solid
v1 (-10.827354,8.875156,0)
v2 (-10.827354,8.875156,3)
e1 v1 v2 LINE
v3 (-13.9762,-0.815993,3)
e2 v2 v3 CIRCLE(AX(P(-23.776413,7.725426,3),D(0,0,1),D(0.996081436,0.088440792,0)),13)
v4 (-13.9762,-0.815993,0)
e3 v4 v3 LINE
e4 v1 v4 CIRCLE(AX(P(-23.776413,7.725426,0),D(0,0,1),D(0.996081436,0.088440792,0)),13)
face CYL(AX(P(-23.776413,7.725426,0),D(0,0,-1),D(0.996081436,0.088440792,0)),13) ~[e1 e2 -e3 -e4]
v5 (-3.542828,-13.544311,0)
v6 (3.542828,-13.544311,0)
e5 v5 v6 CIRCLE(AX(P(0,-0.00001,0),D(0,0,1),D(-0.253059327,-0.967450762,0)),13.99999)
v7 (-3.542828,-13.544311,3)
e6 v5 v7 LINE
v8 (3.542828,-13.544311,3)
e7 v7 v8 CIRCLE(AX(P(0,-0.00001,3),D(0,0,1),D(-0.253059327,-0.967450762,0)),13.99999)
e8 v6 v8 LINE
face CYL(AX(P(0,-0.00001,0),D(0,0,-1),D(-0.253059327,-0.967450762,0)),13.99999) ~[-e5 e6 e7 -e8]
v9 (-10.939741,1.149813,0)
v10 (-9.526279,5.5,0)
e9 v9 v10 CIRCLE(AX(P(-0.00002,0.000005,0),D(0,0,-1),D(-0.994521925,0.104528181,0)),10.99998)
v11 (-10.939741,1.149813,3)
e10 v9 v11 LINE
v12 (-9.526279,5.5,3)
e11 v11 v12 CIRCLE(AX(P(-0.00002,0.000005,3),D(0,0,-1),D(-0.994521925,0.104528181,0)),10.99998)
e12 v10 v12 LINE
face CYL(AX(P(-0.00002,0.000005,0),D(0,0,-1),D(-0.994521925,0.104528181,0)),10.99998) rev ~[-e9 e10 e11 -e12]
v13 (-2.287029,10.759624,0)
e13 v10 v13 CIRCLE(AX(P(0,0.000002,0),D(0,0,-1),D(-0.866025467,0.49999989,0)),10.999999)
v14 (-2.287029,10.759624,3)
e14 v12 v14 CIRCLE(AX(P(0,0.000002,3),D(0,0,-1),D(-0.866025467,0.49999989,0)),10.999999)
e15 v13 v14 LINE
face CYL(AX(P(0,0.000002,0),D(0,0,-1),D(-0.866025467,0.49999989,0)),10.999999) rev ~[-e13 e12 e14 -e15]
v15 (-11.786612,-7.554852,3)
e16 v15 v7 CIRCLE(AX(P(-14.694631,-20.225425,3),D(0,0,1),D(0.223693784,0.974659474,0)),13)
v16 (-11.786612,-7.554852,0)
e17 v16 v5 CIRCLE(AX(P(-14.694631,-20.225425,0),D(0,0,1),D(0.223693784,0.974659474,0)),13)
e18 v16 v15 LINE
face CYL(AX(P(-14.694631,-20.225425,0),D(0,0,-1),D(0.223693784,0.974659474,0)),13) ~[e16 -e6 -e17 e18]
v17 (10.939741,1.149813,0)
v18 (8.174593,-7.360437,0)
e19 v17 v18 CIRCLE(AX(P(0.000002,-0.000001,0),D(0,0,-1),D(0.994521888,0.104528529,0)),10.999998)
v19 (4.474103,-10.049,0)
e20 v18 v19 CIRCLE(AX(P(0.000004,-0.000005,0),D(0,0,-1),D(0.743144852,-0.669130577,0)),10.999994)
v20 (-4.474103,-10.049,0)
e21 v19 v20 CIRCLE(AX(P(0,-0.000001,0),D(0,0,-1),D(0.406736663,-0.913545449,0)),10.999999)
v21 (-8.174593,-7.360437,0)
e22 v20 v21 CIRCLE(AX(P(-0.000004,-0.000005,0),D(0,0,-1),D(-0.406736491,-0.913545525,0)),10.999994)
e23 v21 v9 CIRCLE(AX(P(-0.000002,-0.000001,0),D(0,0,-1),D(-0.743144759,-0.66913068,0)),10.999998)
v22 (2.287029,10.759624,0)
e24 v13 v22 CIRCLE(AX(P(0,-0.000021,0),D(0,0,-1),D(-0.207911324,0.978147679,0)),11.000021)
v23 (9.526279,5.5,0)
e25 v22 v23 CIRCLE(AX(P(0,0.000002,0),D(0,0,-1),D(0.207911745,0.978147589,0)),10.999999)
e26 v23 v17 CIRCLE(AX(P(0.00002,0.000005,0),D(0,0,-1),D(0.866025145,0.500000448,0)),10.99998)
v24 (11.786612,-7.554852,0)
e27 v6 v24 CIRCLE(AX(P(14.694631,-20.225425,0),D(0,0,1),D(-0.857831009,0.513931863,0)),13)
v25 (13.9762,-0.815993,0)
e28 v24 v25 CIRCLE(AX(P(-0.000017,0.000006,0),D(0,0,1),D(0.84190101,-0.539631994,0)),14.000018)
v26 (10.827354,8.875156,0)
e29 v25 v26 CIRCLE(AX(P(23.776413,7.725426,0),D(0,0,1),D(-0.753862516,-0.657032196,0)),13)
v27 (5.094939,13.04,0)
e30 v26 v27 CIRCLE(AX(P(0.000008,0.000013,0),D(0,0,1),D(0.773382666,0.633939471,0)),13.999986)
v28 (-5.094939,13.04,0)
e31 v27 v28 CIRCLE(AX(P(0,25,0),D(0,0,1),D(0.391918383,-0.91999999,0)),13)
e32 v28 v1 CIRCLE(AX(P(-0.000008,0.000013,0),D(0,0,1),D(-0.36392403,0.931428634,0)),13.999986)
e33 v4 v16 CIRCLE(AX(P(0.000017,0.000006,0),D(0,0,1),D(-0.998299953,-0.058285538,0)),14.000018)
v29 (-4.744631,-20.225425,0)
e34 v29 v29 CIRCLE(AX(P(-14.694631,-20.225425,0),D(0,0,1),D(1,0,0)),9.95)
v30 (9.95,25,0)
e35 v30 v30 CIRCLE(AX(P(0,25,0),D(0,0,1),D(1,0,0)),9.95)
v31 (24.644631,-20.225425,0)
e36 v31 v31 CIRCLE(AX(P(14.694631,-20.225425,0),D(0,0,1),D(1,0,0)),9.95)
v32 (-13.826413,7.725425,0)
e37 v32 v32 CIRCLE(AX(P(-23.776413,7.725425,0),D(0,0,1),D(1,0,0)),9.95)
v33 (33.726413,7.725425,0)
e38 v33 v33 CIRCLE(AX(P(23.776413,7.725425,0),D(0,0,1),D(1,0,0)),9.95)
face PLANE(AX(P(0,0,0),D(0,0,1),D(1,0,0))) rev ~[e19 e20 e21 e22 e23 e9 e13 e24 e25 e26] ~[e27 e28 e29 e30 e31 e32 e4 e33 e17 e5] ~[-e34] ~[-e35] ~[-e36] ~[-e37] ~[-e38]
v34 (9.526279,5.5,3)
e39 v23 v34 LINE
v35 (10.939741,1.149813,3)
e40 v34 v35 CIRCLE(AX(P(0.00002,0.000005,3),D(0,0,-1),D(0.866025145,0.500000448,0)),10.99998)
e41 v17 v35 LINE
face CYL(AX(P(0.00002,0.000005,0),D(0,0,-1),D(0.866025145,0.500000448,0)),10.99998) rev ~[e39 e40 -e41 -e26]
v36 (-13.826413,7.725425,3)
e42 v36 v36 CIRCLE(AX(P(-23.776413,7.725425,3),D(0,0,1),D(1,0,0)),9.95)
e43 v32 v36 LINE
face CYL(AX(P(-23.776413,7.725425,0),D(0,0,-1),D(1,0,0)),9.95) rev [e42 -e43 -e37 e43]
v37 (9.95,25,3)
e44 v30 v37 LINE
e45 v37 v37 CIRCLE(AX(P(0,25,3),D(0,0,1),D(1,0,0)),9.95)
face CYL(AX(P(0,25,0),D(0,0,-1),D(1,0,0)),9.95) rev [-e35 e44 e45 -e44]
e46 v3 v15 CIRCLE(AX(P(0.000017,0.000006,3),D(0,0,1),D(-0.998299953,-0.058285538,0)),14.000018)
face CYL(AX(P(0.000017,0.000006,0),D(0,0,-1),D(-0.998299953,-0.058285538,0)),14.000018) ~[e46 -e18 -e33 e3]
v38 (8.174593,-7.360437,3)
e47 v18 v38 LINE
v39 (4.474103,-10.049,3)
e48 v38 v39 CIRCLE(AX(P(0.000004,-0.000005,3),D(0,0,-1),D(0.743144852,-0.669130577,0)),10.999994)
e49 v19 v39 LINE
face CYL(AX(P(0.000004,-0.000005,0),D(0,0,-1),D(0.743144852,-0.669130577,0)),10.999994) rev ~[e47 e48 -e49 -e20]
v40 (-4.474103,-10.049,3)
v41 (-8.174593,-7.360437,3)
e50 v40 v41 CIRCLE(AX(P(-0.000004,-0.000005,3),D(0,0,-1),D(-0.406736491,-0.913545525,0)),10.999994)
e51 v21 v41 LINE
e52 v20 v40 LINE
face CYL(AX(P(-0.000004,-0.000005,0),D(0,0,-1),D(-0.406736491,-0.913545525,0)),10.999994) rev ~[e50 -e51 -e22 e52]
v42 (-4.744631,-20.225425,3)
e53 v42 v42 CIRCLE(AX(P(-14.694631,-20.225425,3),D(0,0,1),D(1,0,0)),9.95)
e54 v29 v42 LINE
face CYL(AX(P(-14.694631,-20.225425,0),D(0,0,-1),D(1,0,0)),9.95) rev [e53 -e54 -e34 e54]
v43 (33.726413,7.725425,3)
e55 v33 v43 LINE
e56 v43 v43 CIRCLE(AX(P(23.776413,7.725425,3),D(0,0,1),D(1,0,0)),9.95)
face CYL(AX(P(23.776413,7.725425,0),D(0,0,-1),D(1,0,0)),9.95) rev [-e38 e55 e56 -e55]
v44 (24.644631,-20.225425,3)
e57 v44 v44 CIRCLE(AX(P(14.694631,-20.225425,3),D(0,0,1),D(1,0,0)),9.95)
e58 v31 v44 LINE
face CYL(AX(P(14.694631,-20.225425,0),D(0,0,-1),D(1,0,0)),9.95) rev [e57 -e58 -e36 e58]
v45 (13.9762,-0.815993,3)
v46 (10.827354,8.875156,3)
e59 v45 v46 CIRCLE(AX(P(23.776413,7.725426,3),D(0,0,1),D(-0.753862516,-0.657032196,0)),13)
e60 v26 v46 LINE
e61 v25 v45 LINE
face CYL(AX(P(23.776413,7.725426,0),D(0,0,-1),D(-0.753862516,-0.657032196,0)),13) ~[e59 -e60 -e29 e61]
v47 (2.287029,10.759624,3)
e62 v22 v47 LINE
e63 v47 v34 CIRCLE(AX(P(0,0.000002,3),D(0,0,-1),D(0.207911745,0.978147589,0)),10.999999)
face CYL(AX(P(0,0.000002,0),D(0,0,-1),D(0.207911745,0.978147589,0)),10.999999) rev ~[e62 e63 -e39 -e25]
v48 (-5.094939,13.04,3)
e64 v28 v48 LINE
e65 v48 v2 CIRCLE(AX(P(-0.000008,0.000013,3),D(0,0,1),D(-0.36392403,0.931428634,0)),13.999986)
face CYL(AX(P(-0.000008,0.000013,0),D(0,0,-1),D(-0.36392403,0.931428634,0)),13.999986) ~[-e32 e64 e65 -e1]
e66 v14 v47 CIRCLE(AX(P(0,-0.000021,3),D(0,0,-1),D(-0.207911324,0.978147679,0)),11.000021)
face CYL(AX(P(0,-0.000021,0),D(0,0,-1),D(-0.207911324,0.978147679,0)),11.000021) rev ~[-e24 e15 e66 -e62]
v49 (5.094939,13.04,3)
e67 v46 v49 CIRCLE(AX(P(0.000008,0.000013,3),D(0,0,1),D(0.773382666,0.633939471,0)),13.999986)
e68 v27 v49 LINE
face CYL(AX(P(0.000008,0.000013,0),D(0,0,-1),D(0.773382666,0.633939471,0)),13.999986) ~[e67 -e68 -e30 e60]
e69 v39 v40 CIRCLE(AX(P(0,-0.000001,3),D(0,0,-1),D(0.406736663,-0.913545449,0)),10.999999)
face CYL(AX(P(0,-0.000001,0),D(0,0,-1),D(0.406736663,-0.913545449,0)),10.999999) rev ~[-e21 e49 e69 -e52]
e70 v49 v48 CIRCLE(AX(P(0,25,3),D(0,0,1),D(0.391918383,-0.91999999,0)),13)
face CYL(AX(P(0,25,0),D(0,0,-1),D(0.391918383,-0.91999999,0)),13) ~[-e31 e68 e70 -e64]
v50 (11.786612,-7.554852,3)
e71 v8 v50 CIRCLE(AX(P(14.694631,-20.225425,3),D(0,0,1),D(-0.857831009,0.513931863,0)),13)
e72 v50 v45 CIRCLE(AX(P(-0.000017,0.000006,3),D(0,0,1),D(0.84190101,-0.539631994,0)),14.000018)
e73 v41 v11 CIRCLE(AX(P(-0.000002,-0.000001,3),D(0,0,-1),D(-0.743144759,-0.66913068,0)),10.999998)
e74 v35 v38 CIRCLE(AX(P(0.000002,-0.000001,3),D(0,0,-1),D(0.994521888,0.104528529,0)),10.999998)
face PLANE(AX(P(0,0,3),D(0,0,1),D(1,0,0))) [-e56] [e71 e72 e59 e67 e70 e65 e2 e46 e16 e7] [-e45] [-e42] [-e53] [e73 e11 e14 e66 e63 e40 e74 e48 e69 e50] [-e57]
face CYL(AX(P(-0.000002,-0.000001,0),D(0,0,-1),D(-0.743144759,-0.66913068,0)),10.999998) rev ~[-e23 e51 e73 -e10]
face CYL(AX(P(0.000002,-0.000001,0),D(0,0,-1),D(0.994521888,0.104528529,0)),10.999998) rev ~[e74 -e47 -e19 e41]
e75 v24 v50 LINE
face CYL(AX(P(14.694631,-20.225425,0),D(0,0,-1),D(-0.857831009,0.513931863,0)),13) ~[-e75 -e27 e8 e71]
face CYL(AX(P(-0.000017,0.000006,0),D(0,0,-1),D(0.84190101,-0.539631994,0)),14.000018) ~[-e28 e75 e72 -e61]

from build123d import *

# Parameters (mm, degrees)
F0_R     = 9.95
F1_DEPTH = 3


with BuildPart() as f1:
    # F0 (on Top) → F1 (new body)
    with BuildSketch(Plane.XY):
        with BuildLine():
            ThreePointArc((13.9762, -0.815993), (36.140148, 11.742646), (10.827354, 8.875156))
            ThreePointArc((10.827354, 8.875156), (8.228994, 11.326238), (5.094939, 13.04))
            ThreePointArc((5.094939, 13.04), (0, 38), (-5.094939, 13.04))
            ThreePointArc((-5.094939, 13.04), (-8.228994, 11.326238), (-10.827354, 8.875156))
            ThreePointArc((-10.827354, 8.875156), (-36.140148, 11.742646), (-13.9762, -0.815993))
            ThreePointArc((-13.9762, -0.815993), (-13.314791, -4.326238), (-11.786612, -7.554852))
            ThreePointArc((-11.786612, -7.554852), (-22.33584, -30.742646), (-3.542828, -13.544311))
            ThreePointArc((-3.542828, -13.544311), (0, -14), (3.542828, -13.544311))
            ThreePointArc((3.542828, -13.544311), (22.33584, -30.742646), (11.786612, -7.554852))
            ThreePointArc((11.786612, -7.554852), (13.314791, -4.326238), (13.9762, -0.815993))
        make_face()
        with Locations((-14.694631, -20.225425)):
            Circle(F0_R, mode=Mode.SUBTRACT)
        with BuildLine():
            ThreePointArc((2.287029, 10.759624), (6.465638, 8.899187), (9.526279, 5.5))
            ThreePointArc((9.526279, 5.5), (10.461622, 3.399187), (10.939741, 1.149813))
            ThreePointArc((10.939741, 1.149813), (10.461622, -3.399187), (8.174593, -7.360437))
            ThreePointArc((8.174593, -7.360437), (6.465638, -8.899187), (4.474103, -10.049))
            ThreePointArc((4.474103, -10.049), (0, -11), (-4.474103, -10.049))
            ThreePointArc((-4.474103, -10.049), (-6.465638, -8.899187), (-8.174593, -7.360437))
            ThreePointArc((-8.174593, -7.360437), (-10.461622, -3.399187), (-10.939741, 1.149813))
            ThreePointArc((-10.939741, 1.149813), (-10.461622, 3.399187), (-9.526279, 5.5))
            ThreePointArc((-9.526279, 5.5), (-6.465638, 8.899187), (-2.287029, 10.759624))
            ThreePointArc((-2.287029, 10.759624), (0, 11), (2.287029, 10.759624))
        make_face(mode=Mode.SUBTRACT)
        with Locations((14.694631, -20.225425)):
            Circle(F0_R, mode=Mode.SUBTRACT)
        with Locations((-23.776413, 7.725425)):
            Circle(F0_R, mode=Mode.SUBTRACT)
        with Locations((23.776413, 7.725425)):
            Circle(F0_R, mode=Mode.SUBTRACT)
        with Locations((0, 25)):
            Circle(F0_R, mode=Mode.SUBTRACT)
    extrude(amount=F1_DEPTH)


solid = f1.part
